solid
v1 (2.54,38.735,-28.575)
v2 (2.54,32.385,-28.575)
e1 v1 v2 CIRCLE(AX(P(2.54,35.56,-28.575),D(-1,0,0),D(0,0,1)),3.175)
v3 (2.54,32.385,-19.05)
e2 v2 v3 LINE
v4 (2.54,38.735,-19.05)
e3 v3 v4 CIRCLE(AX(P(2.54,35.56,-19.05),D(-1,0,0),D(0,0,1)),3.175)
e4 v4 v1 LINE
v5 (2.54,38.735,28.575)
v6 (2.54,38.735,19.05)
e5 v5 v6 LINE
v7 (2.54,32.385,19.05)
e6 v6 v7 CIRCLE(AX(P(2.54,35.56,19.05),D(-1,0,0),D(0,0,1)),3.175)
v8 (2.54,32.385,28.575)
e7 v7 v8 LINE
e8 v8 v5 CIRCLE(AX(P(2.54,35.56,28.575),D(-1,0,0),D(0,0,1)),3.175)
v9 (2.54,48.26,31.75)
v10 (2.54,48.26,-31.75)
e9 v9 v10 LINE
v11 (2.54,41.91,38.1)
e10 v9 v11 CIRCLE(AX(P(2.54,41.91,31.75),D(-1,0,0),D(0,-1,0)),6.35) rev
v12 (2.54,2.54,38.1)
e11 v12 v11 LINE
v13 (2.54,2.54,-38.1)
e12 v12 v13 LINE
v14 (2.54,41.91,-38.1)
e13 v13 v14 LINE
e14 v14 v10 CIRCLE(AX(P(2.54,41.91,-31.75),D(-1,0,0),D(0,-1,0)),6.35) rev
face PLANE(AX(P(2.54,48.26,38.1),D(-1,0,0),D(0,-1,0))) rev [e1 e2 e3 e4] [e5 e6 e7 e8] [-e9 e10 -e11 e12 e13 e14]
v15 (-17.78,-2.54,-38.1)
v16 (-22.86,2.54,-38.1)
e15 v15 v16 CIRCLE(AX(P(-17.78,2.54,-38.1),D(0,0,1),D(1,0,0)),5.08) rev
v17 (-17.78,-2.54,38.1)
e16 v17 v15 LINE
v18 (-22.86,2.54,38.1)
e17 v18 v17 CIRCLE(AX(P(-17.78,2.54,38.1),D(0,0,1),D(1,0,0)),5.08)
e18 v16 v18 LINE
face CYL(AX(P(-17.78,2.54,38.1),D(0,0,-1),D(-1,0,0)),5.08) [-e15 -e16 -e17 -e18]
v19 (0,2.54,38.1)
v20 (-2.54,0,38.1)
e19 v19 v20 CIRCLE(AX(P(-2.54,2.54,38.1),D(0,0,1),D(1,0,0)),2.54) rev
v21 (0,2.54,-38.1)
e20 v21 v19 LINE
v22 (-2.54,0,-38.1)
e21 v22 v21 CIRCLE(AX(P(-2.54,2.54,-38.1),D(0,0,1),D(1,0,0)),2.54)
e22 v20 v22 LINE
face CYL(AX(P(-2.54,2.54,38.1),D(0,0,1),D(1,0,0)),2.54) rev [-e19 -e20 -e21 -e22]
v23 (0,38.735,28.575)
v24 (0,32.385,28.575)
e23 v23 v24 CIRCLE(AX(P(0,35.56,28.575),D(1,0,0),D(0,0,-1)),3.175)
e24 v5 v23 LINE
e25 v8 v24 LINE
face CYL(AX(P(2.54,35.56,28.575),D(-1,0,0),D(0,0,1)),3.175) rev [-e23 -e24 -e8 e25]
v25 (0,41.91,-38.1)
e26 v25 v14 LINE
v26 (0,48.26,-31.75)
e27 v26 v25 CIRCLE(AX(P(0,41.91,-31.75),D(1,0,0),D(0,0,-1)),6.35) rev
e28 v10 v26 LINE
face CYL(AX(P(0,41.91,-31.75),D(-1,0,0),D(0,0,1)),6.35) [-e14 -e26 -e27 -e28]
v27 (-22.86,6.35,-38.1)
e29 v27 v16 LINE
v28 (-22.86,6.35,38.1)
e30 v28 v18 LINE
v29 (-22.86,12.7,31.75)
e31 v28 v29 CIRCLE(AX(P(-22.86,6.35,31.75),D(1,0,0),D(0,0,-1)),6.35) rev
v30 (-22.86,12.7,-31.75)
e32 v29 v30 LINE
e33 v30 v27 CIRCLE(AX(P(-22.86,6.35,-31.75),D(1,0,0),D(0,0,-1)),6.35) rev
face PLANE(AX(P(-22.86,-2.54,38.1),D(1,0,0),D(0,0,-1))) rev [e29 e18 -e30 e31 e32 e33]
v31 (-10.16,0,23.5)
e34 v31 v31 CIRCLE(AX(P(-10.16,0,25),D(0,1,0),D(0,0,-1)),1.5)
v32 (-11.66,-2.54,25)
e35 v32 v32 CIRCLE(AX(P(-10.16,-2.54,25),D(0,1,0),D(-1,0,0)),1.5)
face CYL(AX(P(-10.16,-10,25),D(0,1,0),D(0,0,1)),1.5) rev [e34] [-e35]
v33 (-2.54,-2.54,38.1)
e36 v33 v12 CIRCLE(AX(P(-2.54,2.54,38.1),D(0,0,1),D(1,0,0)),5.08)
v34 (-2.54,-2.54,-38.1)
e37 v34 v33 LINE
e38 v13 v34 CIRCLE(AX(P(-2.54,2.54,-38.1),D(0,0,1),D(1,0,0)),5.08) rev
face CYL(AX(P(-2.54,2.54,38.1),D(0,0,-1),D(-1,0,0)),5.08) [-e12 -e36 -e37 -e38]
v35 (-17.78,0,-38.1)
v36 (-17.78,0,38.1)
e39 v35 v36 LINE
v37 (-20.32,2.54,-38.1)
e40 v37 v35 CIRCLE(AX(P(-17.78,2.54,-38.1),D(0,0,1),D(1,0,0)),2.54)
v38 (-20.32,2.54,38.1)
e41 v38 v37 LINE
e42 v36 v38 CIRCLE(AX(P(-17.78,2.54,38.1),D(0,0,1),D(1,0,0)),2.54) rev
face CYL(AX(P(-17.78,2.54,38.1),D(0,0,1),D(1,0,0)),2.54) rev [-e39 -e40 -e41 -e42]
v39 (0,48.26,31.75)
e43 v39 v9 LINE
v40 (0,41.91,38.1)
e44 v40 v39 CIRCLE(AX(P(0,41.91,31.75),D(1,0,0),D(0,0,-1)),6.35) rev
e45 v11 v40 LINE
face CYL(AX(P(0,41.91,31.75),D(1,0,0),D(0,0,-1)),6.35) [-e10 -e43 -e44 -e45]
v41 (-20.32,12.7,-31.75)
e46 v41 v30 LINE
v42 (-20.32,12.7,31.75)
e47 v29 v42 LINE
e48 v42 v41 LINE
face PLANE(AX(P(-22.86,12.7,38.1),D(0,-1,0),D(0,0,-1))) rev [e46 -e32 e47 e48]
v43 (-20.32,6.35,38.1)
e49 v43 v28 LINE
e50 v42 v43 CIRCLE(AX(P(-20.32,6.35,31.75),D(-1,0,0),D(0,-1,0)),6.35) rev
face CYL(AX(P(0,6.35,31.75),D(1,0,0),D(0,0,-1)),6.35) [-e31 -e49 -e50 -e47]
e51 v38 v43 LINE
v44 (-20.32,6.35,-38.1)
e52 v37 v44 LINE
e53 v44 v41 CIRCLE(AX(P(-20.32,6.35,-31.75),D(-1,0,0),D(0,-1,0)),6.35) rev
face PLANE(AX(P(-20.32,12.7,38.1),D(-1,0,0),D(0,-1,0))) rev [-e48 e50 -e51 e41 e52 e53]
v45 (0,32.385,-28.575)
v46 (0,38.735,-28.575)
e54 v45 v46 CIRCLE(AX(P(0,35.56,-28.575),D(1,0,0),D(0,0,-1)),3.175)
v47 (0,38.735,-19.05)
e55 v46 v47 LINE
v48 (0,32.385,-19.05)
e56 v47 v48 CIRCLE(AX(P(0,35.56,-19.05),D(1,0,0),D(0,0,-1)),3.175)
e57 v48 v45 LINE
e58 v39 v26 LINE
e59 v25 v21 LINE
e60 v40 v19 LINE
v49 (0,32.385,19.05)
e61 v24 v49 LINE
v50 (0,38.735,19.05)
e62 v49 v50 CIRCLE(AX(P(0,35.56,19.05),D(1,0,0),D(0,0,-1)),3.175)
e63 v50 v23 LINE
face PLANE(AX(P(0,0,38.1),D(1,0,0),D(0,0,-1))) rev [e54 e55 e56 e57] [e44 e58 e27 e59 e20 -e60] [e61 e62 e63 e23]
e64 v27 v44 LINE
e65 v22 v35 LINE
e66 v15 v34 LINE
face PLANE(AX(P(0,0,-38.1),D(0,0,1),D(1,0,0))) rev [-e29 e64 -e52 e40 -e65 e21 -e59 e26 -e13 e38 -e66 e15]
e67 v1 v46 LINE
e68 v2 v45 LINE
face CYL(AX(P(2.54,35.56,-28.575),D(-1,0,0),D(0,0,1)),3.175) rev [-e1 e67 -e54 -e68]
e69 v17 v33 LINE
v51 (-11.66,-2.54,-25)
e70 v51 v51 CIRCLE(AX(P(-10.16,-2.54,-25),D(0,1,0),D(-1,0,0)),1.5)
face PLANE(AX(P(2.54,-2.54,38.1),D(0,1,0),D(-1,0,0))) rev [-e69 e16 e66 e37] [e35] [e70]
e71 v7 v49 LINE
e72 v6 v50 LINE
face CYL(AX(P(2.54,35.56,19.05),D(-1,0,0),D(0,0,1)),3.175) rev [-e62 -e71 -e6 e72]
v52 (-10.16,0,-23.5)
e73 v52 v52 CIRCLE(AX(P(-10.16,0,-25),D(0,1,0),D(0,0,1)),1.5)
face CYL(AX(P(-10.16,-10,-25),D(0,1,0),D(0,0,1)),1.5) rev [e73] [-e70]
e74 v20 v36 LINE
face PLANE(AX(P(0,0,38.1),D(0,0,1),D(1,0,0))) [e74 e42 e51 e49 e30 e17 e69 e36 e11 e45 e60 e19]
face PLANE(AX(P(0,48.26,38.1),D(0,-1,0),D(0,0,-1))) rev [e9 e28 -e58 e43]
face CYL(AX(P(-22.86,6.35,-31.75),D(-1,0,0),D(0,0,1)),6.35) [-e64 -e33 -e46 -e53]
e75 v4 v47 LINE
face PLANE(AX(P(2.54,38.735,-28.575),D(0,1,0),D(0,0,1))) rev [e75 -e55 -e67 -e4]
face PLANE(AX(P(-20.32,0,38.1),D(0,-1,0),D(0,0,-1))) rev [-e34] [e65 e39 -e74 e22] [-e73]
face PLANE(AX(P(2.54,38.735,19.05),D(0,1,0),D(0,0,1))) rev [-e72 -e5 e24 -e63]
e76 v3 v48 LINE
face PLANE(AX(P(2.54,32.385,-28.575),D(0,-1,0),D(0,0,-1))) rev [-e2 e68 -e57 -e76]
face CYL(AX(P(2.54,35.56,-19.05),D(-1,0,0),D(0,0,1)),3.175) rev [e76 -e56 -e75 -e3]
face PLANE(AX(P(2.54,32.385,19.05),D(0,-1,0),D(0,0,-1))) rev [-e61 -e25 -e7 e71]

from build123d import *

# Parameters (mm, degrees)
BOSS_EXTRUDE1_DEPTH      = 38.1
CUT_EXTRUDE1_DEPTH       = 66.598911576
CUT_EXTRUDE1_DEPTH_BACK  = 66.598911576
FILLET1_R                = 6.35
FILLET2_R                = 2.54
FILLET3_R                = 5.08
SCHIZZO1_R               = 1.5
TAGLIO_ESTRUSIONE1_DEPTH = 10


with BuildPart() as part:
    # Sketch1 → Boss-Extrude1 (new, symmetric)
    with BuildSketch(Plane.XY):
        Polygon((0, 0), (0, 48.26), (2.54, 48.26), (2.54, -2.54), (-22.86, -2.54), (-22.86, 0), (-22.86, 12.7), (-20.32, 12.7), (-20.32, 0), align=None)
    extrude(amount=BOSS_EXTRUDE1_DEPTH, both=True)

    # Sketch2 → Cut-Extrude1 (cut, two sides: drawn at the far end of the back side and taken through both)
    with BuildSketch(Plane.ZY.offset(-CUT_EXTRUDE1_DEPTH_BACK)):
        with BuildLine():
            Line((-28.575, 38.735), (-19.05, 38.735))
            ThreePointArc((-19.05, 38.735), (-15.875, 35.56), (-19.05, 32.385))
            Line((-19.05, 32.385), (-28.575, 32.385))
            ThreePointArc((-28.575, 32.385), (-31.75, 35.56), (-28.575, 38.735))
        make_face()
        with BuildLine():
            Line((19.05, 38.735), (28.575, 38.735))
            ThreePointArc((28.575, 38.735), (31.75, 35.56), (28.575, 32.385))
            Line((28.575, 32.385), (19.05, 32.385))
            ThreePointArc((19.05, 32.385), (15.875, 35.56), (19.05, 38.735))
        make_face()
    extrude(amount=CUT_EXTRUDE1_DEPTH + CUT_EXTRUDE1_DEPTH_BACK, mode=Mode.SUBTRACT)

    # Fillet1
    fillet1_edges = [part.edges().sort_by_distance(p)[0] for p in [
        (-21.59, 12.7, 38.1),
        (-21.59, 12.7, -38.1),
        (1.27, 48.26, 38.1),
        (1.27, 48.26, -38.1),
    ]]
    fillet(fillet1_edges, radius=FILLET1_R)

    # Fillet2
    fillet2_edges = [part.edges().sort_by_distance(p)[0] for p in [
        (0, 0, 0),
        (-20.32, 0, 0),
    ]]
    fillet(fillet2_edges, radius=FILLET2_R)

    # Fillet3
    fillet3_edges = [part.edges().sort_by_distance(p)[0] for p in [
        (2.54, -2.54, 0),
        (-22.86, -2.54, 0),
    ]]
    fillet(fillet3_edges, radius=FILLET3_R)

    # Schizzo1 → Taglio-Estrusione1 (cut)
    with BuildSketch(Plane(origin=(0, 0, 0), x_dir=(1, 0, 0), z_dir=(0, 1, 0))):
        with Locations(Location((-10.16, 25, 0), (0, 0, 270))):
            Circle(SCHIZZO1_R)
        with Locations(Location((-10.16, -25, 0), (0, 0, 180))):
            Circle(SCHIZZO1_R)
    extrude(amount=-TAGLIO_ESTRUSIONE1_DEPTH, mode=Mode.SUBTRACT)


solid = part.part
